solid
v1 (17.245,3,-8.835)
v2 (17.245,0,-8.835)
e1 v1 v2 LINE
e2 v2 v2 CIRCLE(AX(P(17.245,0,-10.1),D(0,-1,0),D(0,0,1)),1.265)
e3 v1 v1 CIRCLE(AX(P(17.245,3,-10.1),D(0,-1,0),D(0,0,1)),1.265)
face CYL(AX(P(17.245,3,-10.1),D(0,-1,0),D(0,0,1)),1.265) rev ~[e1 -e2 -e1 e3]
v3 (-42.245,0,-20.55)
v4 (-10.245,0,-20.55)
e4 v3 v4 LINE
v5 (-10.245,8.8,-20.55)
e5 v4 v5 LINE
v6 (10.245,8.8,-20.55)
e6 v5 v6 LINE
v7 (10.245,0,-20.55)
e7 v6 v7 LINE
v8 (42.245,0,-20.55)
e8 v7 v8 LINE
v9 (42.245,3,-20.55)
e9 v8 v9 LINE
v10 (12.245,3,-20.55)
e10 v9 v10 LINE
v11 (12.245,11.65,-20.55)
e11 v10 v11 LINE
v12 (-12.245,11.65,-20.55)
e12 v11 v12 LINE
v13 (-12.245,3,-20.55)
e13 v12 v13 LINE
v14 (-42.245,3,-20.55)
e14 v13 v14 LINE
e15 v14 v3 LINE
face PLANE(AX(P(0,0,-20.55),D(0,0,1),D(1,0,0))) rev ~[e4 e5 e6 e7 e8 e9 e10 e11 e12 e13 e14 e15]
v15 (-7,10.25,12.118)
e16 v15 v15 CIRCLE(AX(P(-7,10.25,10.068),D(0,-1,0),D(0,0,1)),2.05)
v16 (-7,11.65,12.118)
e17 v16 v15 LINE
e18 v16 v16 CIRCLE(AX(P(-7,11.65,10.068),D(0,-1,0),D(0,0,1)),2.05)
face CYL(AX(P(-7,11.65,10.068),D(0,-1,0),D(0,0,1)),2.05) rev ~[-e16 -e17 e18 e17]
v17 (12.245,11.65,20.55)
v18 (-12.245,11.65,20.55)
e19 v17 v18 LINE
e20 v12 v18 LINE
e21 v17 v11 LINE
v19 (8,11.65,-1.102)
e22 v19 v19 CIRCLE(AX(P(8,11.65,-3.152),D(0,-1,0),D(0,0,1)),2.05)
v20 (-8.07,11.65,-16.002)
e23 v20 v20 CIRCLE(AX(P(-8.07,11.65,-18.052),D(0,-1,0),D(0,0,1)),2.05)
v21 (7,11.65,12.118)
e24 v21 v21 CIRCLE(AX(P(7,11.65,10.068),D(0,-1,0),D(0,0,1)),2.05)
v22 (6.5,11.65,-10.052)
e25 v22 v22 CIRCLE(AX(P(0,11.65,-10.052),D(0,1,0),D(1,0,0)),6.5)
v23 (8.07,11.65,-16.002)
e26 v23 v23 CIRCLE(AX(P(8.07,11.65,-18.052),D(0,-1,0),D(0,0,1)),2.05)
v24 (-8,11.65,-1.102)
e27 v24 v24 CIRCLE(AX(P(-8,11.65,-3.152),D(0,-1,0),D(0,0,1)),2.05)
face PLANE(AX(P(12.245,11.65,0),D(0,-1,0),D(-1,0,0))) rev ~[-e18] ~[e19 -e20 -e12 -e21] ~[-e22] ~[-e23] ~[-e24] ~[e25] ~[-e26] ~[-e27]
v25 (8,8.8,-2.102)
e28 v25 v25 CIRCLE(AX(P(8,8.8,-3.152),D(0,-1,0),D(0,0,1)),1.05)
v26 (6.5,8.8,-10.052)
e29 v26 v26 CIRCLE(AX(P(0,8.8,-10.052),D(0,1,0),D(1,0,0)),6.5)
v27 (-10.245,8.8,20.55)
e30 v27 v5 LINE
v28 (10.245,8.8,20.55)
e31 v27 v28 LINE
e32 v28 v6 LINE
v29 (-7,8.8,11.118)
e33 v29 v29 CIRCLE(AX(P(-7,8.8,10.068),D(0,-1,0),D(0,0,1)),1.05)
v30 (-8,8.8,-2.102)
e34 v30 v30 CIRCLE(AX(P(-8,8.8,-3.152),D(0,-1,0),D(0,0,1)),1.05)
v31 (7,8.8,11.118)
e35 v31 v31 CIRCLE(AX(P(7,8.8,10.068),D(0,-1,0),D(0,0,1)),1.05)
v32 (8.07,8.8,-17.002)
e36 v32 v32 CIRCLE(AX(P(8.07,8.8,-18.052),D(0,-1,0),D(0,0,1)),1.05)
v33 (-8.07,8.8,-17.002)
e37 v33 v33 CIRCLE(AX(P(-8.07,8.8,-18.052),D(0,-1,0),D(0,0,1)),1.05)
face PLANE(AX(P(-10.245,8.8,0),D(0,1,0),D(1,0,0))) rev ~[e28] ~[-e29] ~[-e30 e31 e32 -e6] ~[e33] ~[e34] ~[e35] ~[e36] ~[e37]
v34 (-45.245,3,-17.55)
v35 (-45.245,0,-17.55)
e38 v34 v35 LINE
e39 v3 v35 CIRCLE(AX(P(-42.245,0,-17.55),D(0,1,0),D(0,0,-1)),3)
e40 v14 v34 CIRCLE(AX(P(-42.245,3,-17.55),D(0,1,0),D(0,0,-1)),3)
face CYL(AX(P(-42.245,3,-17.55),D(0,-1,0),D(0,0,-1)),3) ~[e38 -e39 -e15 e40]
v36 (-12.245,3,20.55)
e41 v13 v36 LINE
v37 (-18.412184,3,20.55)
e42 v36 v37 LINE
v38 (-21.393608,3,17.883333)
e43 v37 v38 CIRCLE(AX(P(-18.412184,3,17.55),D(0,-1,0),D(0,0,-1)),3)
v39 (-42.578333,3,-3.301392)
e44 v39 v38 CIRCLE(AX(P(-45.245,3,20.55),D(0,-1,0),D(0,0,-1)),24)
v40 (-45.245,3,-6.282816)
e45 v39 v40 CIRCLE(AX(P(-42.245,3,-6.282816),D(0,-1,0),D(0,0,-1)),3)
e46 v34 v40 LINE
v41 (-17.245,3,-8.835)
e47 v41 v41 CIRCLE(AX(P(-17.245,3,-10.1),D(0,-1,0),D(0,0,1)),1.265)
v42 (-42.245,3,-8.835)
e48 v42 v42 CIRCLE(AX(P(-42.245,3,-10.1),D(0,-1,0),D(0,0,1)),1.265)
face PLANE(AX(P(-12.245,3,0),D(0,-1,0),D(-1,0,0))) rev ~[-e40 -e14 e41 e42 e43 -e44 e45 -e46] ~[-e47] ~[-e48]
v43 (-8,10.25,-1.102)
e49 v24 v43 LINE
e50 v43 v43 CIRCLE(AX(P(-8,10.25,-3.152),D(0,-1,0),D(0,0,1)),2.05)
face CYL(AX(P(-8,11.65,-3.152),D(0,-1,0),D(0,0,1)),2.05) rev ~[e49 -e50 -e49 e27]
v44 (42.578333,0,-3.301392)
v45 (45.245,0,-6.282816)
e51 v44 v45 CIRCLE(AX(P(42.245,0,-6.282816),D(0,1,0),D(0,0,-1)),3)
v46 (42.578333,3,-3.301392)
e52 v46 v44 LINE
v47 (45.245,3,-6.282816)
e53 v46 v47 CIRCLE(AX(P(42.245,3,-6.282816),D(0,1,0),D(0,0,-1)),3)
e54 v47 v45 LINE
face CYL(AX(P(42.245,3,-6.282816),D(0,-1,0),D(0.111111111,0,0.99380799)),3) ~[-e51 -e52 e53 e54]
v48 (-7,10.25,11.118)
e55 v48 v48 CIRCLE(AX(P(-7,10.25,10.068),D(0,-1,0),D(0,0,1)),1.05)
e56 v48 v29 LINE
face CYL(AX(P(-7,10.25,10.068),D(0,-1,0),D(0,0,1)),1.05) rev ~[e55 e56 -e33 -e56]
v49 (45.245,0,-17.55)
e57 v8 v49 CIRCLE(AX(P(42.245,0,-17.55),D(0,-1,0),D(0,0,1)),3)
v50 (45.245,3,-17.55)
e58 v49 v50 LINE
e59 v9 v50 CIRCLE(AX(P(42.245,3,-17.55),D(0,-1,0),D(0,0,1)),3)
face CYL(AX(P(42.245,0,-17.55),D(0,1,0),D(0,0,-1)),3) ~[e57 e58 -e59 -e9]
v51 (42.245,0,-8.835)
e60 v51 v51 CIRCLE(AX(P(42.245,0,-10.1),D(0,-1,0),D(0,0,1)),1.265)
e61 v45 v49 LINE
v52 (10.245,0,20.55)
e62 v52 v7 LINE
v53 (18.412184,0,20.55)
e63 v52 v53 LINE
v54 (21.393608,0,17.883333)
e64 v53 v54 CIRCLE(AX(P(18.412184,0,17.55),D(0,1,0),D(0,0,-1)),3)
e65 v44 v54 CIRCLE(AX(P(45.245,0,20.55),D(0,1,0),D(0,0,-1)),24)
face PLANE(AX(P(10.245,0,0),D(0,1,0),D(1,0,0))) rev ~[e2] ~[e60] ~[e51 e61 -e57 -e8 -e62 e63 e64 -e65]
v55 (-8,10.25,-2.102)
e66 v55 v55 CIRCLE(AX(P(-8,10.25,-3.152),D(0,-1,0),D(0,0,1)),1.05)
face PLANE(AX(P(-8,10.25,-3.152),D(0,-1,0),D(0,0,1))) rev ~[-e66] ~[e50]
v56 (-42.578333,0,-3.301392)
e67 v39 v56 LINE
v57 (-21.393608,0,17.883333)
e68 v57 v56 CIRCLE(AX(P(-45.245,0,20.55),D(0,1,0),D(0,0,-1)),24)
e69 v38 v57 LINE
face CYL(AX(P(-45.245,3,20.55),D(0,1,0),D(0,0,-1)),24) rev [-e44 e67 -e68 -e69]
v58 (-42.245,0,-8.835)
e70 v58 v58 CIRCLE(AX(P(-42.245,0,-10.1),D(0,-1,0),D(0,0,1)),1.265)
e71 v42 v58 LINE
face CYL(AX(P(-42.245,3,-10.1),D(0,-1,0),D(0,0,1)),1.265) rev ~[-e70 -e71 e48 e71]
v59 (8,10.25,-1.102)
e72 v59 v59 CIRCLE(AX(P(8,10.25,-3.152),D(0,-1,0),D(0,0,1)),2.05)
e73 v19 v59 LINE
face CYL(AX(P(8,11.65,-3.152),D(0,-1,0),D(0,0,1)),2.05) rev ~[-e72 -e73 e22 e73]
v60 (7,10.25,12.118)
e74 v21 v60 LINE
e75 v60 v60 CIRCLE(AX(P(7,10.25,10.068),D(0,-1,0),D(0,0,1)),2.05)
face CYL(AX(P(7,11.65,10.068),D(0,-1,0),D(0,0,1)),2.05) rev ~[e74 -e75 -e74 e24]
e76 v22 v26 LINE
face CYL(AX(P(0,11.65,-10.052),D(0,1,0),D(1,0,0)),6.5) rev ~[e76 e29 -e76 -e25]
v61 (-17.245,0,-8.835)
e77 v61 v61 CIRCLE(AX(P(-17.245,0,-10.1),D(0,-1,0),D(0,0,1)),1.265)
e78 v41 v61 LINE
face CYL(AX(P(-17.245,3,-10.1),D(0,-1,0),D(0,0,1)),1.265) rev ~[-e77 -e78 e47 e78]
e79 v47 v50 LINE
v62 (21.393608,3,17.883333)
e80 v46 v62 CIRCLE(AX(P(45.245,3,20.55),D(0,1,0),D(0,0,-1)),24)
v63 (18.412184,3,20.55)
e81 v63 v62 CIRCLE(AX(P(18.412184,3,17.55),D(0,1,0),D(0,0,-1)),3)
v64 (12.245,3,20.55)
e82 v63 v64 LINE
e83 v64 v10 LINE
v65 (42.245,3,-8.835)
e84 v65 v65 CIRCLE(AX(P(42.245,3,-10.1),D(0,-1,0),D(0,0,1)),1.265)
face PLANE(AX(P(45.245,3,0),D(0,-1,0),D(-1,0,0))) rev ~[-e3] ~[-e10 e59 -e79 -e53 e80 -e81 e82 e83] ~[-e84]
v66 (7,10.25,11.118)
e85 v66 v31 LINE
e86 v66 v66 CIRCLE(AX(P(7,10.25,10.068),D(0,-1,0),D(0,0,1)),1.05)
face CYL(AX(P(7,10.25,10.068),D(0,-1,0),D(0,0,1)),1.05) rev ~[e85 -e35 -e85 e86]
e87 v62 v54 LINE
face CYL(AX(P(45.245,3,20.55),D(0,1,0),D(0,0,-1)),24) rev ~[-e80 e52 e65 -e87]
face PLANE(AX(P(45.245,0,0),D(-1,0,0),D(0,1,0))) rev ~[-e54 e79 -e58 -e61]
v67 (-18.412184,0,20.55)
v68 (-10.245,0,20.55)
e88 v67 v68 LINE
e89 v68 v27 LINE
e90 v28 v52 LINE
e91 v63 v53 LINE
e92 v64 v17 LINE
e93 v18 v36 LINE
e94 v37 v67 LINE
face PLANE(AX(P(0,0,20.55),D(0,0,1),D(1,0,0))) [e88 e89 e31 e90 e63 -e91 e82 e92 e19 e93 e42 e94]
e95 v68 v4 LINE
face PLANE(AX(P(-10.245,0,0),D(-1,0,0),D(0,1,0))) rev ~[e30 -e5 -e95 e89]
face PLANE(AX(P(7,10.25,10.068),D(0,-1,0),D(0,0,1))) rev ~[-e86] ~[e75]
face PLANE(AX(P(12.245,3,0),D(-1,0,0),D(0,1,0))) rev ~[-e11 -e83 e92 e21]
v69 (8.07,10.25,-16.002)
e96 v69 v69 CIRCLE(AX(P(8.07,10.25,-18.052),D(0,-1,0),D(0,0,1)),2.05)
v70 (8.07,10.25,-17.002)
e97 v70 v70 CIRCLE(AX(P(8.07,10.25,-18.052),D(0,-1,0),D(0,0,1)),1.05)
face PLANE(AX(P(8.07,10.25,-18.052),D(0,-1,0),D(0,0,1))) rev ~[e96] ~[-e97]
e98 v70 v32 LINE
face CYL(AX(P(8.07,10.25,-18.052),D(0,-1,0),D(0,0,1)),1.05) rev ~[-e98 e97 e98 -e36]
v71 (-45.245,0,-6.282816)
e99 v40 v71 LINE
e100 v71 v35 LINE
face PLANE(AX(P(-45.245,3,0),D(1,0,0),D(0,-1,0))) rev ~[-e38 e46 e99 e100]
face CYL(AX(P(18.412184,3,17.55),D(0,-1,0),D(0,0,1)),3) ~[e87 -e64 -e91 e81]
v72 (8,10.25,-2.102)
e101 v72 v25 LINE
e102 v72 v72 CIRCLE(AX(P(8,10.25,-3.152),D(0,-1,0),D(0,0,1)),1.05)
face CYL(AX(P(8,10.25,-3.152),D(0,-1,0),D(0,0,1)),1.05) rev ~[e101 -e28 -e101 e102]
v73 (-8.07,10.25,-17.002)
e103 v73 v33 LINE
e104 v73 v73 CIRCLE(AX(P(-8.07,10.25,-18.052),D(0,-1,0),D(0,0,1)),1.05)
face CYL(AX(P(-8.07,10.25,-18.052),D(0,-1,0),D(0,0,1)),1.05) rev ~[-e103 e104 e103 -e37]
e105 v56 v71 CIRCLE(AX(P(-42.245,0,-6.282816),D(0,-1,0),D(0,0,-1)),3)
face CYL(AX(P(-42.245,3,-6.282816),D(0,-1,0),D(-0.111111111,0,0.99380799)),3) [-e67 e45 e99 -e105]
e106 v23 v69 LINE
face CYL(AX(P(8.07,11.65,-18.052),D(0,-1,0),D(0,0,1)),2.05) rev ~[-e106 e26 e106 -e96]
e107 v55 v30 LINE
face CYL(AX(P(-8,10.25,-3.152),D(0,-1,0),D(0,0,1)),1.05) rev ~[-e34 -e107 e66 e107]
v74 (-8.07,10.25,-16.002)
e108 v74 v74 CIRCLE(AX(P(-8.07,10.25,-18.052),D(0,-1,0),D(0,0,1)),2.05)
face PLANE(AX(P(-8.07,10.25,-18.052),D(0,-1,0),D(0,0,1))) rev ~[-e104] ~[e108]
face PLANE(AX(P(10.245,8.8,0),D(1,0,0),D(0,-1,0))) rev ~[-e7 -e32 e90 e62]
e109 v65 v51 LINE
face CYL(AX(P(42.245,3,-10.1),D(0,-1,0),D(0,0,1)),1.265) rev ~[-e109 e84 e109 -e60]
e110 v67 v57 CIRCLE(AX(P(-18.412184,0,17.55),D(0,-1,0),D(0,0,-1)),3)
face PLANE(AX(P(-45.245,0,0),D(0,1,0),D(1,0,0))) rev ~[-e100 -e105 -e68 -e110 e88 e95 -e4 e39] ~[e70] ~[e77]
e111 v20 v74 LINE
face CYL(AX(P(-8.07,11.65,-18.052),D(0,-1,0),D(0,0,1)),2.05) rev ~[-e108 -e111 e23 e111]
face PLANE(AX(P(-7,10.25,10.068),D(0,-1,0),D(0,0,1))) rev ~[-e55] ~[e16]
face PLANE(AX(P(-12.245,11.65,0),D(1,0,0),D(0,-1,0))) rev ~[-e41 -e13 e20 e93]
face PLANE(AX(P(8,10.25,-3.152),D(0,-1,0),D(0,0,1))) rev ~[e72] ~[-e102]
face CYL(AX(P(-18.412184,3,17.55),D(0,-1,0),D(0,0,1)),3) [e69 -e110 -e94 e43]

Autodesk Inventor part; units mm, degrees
ref_plane "YZ Plane" through (0, 0, 0) normal (1, 0, 0) x (0, 1, 0)
ref_plane "XZ Plane" through (0, 0, 0) normal (0, 1, 0) x (-1, 0, 0)
ref_plane "XY Plane" through (0, 0, 0) normal (0, 0, 1) x (1, 0, 0)
sketch "Sketch1" plane through (0, 0, 0) normal (0, 0, 1) x (1, 0, 0)
  line L0 (-12.245, 11.65) -> (-12.245, 3)
  line L1 (-12.245, 3) -> (-45.245, 3)
  line L2 (-45.245, 3) -> (-45.245, 0)
  line L3 (-45.245, 0) -> (-10.245, 0)
  line L4 (-10.245, 0) -> (-10.245, 8.8)
  line L5 (-10.245, 8.8) -> (10.245, 8.8)
  line L6 (10.245, 8.8) -> (10.245, 0)
  line L7 (10.245, 0) -> (45.245, 0)
  line L8 (45.245, 0) -> (45.245, 3)
  line L9 (45.245, 3) -> (12.245, 3)
  line L10 (12.245, 3) -> (12.245, 11.65)
  line L11 (12.245, 11.65) -> (-12.245, 11.65)
  line L12 (-10.245, 0) -> (10.245, 0) construction
  point P0 (0, 0)
  point P1 (0, 11.65)
  point P2 (0, 0)
  point P3 (-12.245, 7.325)
  point P4 (12.245, 7.325)
  dimension "d0" = 20.49
  dimension "d1" = 2.85
  dimension "d3" = 5.8
  dimension "d4" = 3
  dimension "d5" = 3
  dimension "d6" = 35
  dimension "d7" = 35
  dimension "d73" = 33
  dimension "d74" = 33
extrude "Extrusion1" add sketch "Sketch1" along normal mid plane 41.1
sketch "Sketch8" plane through (12.245, 3, 20.55) normal (0, 1, 0) x (1, 0, 0)
  line L0 (0, 41.1) -> (0, 0)
  line L1 (33, 0) -> (0, 0) projected
  line L2 (33, 41.1) -> (33, 0) projected
  line L3 (0, 41.1) -> (33, 41.1) projected
  line L4 (-57.49, 41.1) -> (-57.49, 0) projected
  line L5 (-24.49, 0) -> (-57.49, 0) projected
  line L6 (-24.49, 0) -> (-24.49, 41.1) projected
  line L7 (-57.49, 41.1) -> (-24.49, 41.1) projected
  line L8 (33, 41.1) -> (33, 0) projected
  circle A0 centre (-11.645, 30.6) radius 6.4 projected
  line L9 (-12.245, 41) -> (-12.245, 0) construction
  point P0 (-12.245, 20.55)
  point P1 (-54.49, 30.65)
  point P2 (-29.49, 30.65)
  point P3 (-57.49, 20.55)
  point P4 (30, 30.65)
  point P5 (5, 30.65)
  dimension "d42" = 3
  dimension "d43" = 25
  dimension "d51" = 10.45
  dimension "d53" = 3
hole "Hole1" at (-42.245, 3, -10.1) at (-17.245, 3, -10.1) at (17.245, 3, -10.1) at (42.245, 3, -10.1) direction (0, -1, 0) diameter 2.53 end through all
sketch "Sketch9" plane through (12.245, 3, 20.55) normal (0, 1, 0) x (1, 0, 0)
  circle A0 centre (30, 30.65) radius 1.265 projected
  circle A1 centre (5, 30.65) radius 1.265 projected
  line L0 (0, 41.1) -> (0, 0) projected
  line L1 (33, 0) -> (0, 0) projected
  line L2 (33, 41.1) -> (33, 0) projected
  line L3 (0, 41.1) -> (33, 41.1) projected
  arc A2 (33, 24) -> (9, 0) centre (33, 0) ccw
  point P0 (-12.245, 20.55)
  dimension "d60" = 24
extrude "Extrusion2" cut sketch "Sketch9" against normal blind 10 contours A2 L2 L1
mirror "Mirror1" about plane through (0, 0, 0) normal (1, 0, 0) of "Extrusion2"
sketch "Sketch10" plane through (-12.245, 11.65, 20.55) normal (0, 1, 0) x (1, 0, 0)
  circle A0 centre (12.245, 30.602) radius 6.5
  line L0 (0, 41.1) -> (0, 0) projected
  line L1 (24.49, 0) -> (0, 0) projected
  line L2 (24.49, 41.1) -> (24.49, 0) projected
  line L3 (0, 41.1) -> (24.49, 41.1) projected
  point P0 (12.245, 20.55)
  point P1 (12.245, 41.1)
  dimension "d75" = 13
  dimension "d76" = 10.498
extrude "Extrusion3" cut sketch "Sketch10" against normal blind 10 contours A0
sketch "Sketch11" plane through (-12.245, 11.65, 20.55) normal (0, 1, 0) x (1, 0, 0)
  circle A0 centre (5.245, 10.482) radius 0.7835
  circle A1 centre (4.245, 23.702) radius 0.7835
  circle A2 centre (4.175, 38.602) radius 0.7835
  circle A3 centre (20.315, 38.602) radius 0.7835
  circle A4 centre (20.245, 23.702) radius 0.7835
  circle A5 centre (19.245, 10.482) radius 0.7835
hole "Hole2" at (-8, 11.65, -3.152) at (8, 11.65, -3.152) at (8.07, 11.65, -18.052) at (-8.07, 11.65, -18.052) at (-7, 11.65, 10.068) at (7, 11.65, 10.068) direction (0, -1, 0) diameter 2.1 end through all counterbore diameter 4.1 counterbore depth 1.4
fillet "Fillet3" radius 3 6 edges at (45.245, 1.5, -20.55) (45.245, 1.5, -3.45) (21.245, 1.5, 20.55) (-21.245, 1.5, 20.55) (-45.245, 1.5, -3.45) (-45.245, 1.5, -20.55)
sketch "Sketch15" plane through (-10.245, 8.8, 20.55) normal (0, -1, 0) x (1, 0, 0)
  line L0 (0, -41.1) -> (0, 0) projected
  line L1 (20.49, -41.1) -> (20.49, 0) projected
  line L2 (0, -41.1) -> (0, -44.1)
  line L3 (0, -44.1) -> (20.49, -44.1)
  line L4 (20.49, -44.1) -> (20.49, -41.1)
  line L5 (0, 0) -> (0, 3)
  line L6 (0, 3) -> (20.49, 3)
  line L7 (20.49, 3) -> (20.49, 0)
  line L8 (0, -44.1) -> (0, 3)
  line L9 (20.49, 3) -> (20.49, -44.1)
  point P0 (10.245, -20.55)
  point P1 (0, 1.5)
  dimension "d126" = 3
  dimension "d127" = 3
sketch "Sketch16" plane through (-12.245, 11.65, 20.55) normal (0, 1, 0) x (1, 0, 0)
  line L0 (-30, 41.1) -> (0, 41.1) projected
  arc A0 (-30, 41.1) -> (-33, 38.1) centre (-30, 38.1) ccw projected
  line L1 (-33, 38.1) -> (-33, 26.8328) projected
  arc A1 (-33, 26.8328) -> (-30.3333, 23.8514) centre (-30, 26.8328) ccw projected
  arc A2 (-9.1486, 2.6667) -> (-30.3333, 23.8514) centre (-33, 0) ccw projected
  arc A3 (-9.1486, 2.6667) -> (-6.1672, 0) centre (-6.1672, 3) ccw projected
  line L2 (0, 0) -> (-6.1672, 0) projected
  line L3 (24.49, 0) -> (0, 0) projected
  line L4 (30.6572, 0) -> (24.49, 0) projected
  arc A4 (30.6572, 0) -> (33.6386, 2.6667) centre (30.6572, 3) ccw projected
  arc A5 (54.8233, 23.8514) -> (33.6386, 2.6667) centre (57.49, 0) ccw projected
  arc A6 (54.8233, 23.8514) -> (57.49, 26.8328) centre (54.49, 26.8328) ccw projected
  line L5 (57.49, 38.1) -> (57.49, 26.8328) projected
  arc A7 (57.49, 38.1) -> (54.49, 41.1) centre (54.49, 38.1) ccw projected
  line L6 (24.49, 41.1) -> (54.49, 41.1) projected
  line L7 (0, 41.1) -> (24.49, 41.1) projected
  point P0 (12.245, 20.55)
sketch "Sketch17" plane through (-12.245, 3, 20.55) normal (0, 1, 0) x (1, 0, 0)
  line L0 (0, 0) -> (0, 41.1) projected
  line L1 (-30, 41.1) -> (0, 41.1) projected
  arc A0 (-30, 41.1) -> (-33, 38.1) centre (-30, 38.1) ccw projected
  line L2 (-33, 38.1) -> (-33, 26.8328) projected
  arc A1 (-33, 26.8328) -> (-30.3333, 23.8514) centre (-30, 26.8328) ccw projected
  arc A2 (-9.1486, 2.6667) -> (-30.3333, 23.8514) centre (-33, 0) ccw projected
  arc A3 (-9.1486, 2.6667) -> (-6.1672, 0) centre (-6.1672, 3) ccw projected
  line L3 (0, 0) -> (-6.1672, 0) projected
  line L4 (30.6572, 0) -> (24.49, 0) projected
  arc A4 (30.6572, 0) -> (33.6386, 2.6667) centre (30.6572, 3) ccw projected
  arc A5 (54.8233, 23.8514) -> (33.6386, 2.6667) centre (57.49, 0) ccw projected
  arc A6 (54.8233, 23.8514) -> (57.49, 26.8328) centre (54.49, 26.8328) ccw projected
  line L5 (57.49, 38.1) -> (57.49, 26.8328) projected
  line L6 (24.49, 41.1) -> (54.49, 41.1) projected
  arc A7 (57.49, 38.1) -> (54.49, 41.1) centre (54.49, 38.1) ccw projected
  line L7 (24.49, 41.1) -> (24.49, 0) projected
  arc A8 (-36, 26.8328) -> (-30.6667, 20.87) centre (-30, 26.8328) ccw
  line L8 (-36, 26.8328) -> (-36, 38.1)
  arc A9 (-30, 44.1) -> (-36, 38.1) centre (-30, 38.1) ccw
  line L9 (-30, 44.1) -> (0, 44.1)
  line L10 (0, -3) -> (-6.1672, -3)
  arc A10 (-12.13, 2.3333) -> (-6.1672, -3) centre (-6.1672, 3) ccw
  arc A11 (-12.13, 2.3333) -> (-30.6667, 20.87) centre (-33, 0) ccw
  arc A12 (30.6572, -3) -> (36.62, 2.3333) centre (30.6572, 3) ccw
  line L11 (30.6572, -3) -> (24.49, -3)
  line L12 (24.49, 44.1) -> (54.49, 44.1)
  arc A13 (60.49, 38.1) -> (54.49, 44.1) centre (54.49, 38.1) ccw
  line L13 (60.49, 38.1) -> (60.49, 26.8328)
  arc A14 (55.1567, 20.87) -> (60.49, 26.8328) centre (54.49, 26.8328) ccw
  arc A15 (55.1567, 20.87) -> (36.62, 2.3333) centre (57.49, 0) ccw
  line L14 (0, 0) -> (0, -3)
  line L15 (0, 41.1) -> (0, 44.1)
  line L16 (24.49, 41.1) -> (24.49, 44.1)
  line L17 (24.49, 0) -> (24.49, -3)
  line L18 (0, 44.1) -> (0, -3)
  line L19 (24.49, -3) -> (24.49, 44.1)
  line L20 (-33, 38.1) -> (-33, 26.8328) projected
  point P0 (12.245, 20.55)
  dimension "d136" = 3
  dimension "d137" = 3
  dimension "d138" = 3
  dimension "d139" = 3
  dimension "d140" = 3
  dimension "d141" = 3
  dimension "d142" = 3
  dimension "d143" = 3
ref_plane "Work Plane1" through (0, 0, 0) normal (1, 0, 0) x (0, 1, 0)
properties part number "gripper_fixer"
